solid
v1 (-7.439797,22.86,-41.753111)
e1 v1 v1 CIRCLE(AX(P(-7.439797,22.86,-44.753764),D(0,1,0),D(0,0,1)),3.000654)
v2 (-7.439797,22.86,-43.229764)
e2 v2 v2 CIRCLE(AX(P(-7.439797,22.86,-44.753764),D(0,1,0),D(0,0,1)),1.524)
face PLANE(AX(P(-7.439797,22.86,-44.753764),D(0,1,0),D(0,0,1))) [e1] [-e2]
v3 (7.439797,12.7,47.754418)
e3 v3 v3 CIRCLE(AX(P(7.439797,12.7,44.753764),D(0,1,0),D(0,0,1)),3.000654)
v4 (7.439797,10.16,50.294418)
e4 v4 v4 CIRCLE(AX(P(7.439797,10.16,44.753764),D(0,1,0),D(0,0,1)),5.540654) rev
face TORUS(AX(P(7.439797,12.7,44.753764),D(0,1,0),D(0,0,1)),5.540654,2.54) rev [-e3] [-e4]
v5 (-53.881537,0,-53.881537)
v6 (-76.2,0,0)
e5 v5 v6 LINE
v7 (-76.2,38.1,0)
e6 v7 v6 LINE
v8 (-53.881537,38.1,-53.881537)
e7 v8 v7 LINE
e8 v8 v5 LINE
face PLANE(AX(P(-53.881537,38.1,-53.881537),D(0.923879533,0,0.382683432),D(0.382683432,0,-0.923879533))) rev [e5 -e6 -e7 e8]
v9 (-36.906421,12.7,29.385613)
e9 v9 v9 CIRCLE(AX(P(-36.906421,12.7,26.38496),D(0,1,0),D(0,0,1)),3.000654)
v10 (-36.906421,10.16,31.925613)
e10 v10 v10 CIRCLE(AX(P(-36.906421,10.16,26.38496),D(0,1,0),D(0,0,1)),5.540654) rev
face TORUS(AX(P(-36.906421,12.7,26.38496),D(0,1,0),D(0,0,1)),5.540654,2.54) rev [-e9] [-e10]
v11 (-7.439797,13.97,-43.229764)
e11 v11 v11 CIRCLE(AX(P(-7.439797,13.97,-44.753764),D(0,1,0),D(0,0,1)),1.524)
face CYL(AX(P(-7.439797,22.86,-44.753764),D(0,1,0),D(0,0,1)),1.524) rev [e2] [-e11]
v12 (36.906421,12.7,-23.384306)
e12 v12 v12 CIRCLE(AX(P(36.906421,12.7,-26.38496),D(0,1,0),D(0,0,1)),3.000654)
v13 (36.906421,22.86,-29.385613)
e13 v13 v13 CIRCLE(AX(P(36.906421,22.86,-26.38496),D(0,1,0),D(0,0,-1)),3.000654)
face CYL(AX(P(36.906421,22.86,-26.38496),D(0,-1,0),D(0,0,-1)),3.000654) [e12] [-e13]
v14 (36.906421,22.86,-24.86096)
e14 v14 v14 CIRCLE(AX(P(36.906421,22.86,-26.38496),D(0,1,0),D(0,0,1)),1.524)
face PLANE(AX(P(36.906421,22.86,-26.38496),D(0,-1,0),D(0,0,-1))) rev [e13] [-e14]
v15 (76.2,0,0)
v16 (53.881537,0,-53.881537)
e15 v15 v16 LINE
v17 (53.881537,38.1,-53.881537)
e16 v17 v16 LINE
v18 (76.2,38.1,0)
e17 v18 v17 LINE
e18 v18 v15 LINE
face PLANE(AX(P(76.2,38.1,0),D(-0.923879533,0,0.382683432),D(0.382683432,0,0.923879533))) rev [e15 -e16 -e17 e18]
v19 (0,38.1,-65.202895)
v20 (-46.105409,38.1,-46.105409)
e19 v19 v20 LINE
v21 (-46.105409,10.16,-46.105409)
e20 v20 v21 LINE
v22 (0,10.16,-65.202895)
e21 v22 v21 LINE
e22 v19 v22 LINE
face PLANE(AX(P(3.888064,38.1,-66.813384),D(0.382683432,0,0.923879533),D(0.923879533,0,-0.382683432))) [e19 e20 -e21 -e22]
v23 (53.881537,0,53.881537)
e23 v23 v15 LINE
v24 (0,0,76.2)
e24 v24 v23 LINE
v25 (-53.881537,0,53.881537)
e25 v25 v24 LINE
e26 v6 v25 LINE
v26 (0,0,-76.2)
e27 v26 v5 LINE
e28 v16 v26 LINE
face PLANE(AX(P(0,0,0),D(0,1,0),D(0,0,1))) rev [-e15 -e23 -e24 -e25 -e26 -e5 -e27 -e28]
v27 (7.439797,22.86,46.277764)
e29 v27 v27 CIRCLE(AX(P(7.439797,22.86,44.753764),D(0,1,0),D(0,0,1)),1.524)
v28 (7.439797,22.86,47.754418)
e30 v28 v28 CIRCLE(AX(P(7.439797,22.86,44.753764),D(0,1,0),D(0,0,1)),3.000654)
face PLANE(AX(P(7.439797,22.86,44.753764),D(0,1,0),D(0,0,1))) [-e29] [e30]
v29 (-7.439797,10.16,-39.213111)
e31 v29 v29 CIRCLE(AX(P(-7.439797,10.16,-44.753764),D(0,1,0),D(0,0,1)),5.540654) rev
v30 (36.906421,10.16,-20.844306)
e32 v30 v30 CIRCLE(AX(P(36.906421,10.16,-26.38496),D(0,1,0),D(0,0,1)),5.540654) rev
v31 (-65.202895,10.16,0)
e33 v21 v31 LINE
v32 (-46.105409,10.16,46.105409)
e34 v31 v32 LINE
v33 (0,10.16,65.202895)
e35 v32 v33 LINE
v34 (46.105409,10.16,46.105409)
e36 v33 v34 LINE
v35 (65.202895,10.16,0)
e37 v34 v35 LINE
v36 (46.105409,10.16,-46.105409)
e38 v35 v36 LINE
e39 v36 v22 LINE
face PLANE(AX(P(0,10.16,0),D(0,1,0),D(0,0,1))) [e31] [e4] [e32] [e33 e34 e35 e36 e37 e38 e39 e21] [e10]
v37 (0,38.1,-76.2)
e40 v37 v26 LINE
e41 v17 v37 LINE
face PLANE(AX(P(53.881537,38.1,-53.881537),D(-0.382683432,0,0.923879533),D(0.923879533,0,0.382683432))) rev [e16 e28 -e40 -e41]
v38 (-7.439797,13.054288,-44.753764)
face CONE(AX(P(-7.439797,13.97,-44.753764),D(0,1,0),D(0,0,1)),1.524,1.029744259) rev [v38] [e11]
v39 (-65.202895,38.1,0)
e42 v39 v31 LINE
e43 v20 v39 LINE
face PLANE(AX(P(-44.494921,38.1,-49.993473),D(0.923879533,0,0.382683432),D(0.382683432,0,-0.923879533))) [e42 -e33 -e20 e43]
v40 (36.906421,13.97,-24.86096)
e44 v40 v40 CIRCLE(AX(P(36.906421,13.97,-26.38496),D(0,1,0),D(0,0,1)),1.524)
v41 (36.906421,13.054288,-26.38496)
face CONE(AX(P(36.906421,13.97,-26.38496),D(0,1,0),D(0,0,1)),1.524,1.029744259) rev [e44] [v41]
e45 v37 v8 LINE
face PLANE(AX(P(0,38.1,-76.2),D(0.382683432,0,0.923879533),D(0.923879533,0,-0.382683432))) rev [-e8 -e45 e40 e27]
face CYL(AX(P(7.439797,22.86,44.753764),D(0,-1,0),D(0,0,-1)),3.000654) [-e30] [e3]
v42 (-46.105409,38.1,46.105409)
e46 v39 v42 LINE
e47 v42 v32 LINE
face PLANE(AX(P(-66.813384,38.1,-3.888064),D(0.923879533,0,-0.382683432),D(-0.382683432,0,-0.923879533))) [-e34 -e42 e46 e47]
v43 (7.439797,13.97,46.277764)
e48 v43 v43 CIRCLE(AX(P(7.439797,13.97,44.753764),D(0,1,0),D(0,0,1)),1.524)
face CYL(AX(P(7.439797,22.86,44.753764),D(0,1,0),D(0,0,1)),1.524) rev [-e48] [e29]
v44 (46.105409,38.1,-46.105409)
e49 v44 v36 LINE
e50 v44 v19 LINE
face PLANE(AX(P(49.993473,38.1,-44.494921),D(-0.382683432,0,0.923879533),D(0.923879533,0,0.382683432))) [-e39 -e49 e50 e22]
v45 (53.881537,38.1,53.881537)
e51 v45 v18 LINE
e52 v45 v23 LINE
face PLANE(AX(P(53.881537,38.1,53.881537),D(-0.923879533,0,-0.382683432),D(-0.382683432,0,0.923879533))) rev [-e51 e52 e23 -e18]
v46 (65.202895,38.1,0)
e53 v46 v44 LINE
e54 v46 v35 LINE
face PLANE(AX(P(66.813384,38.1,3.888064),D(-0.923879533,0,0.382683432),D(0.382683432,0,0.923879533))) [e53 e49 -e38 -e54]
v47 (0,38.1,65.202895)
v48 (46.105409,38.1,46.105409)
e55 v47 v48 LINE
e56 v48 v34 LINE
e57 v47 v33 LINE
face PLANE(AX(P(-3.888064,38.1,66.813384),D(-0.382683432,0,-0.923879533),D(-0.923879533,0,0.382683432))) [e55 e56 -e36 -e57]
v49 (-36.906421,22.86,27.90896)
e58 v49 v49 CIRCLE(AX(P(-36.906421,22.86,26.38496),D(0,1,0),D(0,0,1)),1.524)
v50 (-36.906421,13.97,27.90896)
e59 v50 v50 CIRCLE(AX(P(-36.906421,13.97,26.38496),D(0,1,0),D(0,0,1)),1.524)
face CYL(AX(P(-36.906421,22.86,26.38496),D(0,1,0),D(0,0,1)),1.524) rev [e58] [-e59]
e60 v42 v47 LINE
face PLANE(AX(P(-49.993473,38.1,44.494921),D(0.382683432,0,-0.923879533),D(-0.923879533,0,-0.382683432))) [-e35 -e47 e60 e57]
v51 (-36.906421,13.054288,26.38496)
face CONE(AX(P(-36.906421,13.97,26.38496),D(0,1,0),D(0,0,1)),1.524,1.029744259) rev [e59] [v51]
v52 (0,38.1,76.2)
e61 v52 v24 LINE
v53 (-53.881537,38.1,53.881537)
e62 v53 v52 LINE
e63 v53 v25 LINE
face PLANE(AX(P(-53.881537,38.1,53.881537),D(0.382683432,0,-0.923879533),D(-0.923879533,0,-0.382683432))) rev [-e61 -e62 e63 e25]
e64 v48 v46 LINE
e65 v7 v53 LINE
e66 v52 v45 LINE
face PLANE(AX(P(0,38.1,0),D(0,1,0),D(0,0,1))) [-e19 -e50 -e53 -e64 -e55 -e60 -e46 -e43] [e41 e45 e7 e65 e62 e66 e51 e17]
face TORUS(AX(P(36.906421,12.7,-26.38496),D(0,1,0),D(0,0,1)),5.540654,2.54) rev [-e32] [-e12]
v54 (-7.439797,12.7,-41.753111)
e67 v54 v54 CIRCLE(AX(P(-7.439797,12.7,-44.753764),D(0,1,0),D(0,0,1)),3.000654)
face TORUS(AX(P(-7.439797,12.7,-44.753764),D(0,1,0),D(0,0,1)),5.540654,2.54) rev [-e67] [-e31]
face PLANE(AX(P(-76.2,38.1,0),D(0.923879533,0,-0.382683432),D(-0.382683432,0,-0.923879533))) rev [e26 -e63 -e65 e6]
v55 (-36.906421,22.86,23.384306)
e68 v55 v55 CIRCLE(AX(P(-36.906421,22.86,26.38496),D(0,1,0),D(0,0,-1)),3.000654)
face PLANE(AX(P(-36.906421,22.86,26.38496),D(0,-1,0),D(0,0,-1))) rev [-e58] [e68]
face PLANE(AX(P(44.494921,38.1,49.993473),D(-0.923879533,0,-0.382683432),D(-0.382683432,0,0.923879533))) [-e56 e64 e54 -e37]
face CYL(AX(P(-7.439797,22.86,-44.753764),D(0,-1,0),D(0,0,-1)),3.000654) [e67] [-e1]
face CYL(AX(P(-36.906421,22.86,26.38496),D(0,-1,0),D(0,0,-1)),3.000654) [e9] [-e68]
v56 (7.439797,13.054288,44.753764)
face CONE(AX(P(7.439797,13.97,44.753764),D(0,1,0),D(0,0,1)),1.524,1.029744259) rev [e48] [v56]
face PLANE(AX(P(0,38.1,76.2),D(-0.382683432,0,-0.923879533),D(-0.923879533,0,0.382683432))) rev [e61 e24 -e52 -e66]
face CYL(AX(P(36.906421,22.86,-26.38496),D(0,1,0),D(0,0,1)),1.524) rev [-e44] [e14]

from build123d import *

# Parameters (mm, degrees)
BOSS_EXTRUDE1_DEPTH             = 38.1
SHELL1_T                        = -10.16
SKETCH5_R                       = 3.000653817
BOSS_EXTRUDE2_DEPTH             = 12.7
FILLET2_R                       = 2.54
TAP_DRILL_FOR_4_HELICOIL2_D     = 3.048
TAP_DRILL_FOR_4_HELICOIL2_DEPTH = 8.89
TAP_DRILL_FOR_4_HELICOIL2_TIP   = 0.915711583


with BuildPart() as part:
    # Sketch1 → Boss-Extrude1 (new body)
    with BuildSketch(Plane(origin=(0, 0, 0), x_dir=(1, 0, 0), z_dir=(0, 1, 0))):
        Polygon((76.2, 0), (53.881536726, 53.881536726), (0, 76.2), (-53.881536726, 53.881536726), (-76.2, 0), (-53.881536726, -53.881536726), (0, -76.2), (53.881536726, -53.881536726), align=None)
    extrude(amount=BOSS_EXTRUDE1_DEPTH)

    # Shell1
    shell1_openings = [part.faces().sort_by_distance(p)[0] for p in [
        (0, 38.1, 0),
    ]]
    offset(amount=SHELL1_T, openings=shell1_openings, kind=Kind.INTERSECTION)

    # Sketch5 → Boss-Extrude2 (add)
    with BuildSketch(Plane(origin=(0, 10.16, 0), x_dir=(1, 0, 0), z_dir=(0, 1, 0))):
        with Locations(Location((-7.439796634, 44.753764378, 0), (0, 0, 270))):
            Circle(SKETCH5_R)
        with Locations(Location((36.906420926, 26.384959625, 0), (0, 0, 90))):
            Circle(SKETCH5_R)
        with Locations(Location((7.439796634, -44.753764378, 0), (0, 0, 270))):
            Circle(SKETCH5_R)
        with Locations(Location((-36.906420926, -26.384959625, 0), (0, 0, 90))):
            Circle(SKETCH5_R)
    extrude(amount=BOSS_EXTRUDE2_DEPTH)

    # Fillet2
    fillet2_edges = [part.edges().sort_by_distance(p)[0] for p in [
        (-7.439796634, 10.16, -47.754418196),
        (36.906420926, 10.16, -23.384305808),
        (7.439796634, 10.16, 41.753110561),
        (-36.906420926, 10.16, 29.385613442),
    ]]
    fillet(fillet2_edges, radius=FILLET2_R)

    # Tap Drill for #4 Helicoil2
    with Locations(Plane(origin=(0, 22.86, 0), x_dir=(1, 0, 0), z_dir=(0, 1, 0))):
        with Locations((-7.439796634, 44.753764378), (36.906420926, 26.384959625), (7.439796634, -44.753764378), (-36.906420926, -26.384959625)):
            Hole(TAP_DRILL_FOR_4_HELICOIL2_D / 2, depth=TAP_DRILL_FOR_4_HELICOIL2_DEPTH)
            with Locations((0, 0, -(TAP_DRILL_FOR_4_HELICOIL2_DEPTH + TAP_DRILL_FOR_4_HELICOIL2_TIP / 2))):  # 118° drill point
                Cone(0, TAP_DRILL_FOR_4_HELICOIL2_D / 2, TAP_DRILL_FOR_4_HELICOIL2_TIP, mode=Mode.SUBTRACT)


solid = part.part
